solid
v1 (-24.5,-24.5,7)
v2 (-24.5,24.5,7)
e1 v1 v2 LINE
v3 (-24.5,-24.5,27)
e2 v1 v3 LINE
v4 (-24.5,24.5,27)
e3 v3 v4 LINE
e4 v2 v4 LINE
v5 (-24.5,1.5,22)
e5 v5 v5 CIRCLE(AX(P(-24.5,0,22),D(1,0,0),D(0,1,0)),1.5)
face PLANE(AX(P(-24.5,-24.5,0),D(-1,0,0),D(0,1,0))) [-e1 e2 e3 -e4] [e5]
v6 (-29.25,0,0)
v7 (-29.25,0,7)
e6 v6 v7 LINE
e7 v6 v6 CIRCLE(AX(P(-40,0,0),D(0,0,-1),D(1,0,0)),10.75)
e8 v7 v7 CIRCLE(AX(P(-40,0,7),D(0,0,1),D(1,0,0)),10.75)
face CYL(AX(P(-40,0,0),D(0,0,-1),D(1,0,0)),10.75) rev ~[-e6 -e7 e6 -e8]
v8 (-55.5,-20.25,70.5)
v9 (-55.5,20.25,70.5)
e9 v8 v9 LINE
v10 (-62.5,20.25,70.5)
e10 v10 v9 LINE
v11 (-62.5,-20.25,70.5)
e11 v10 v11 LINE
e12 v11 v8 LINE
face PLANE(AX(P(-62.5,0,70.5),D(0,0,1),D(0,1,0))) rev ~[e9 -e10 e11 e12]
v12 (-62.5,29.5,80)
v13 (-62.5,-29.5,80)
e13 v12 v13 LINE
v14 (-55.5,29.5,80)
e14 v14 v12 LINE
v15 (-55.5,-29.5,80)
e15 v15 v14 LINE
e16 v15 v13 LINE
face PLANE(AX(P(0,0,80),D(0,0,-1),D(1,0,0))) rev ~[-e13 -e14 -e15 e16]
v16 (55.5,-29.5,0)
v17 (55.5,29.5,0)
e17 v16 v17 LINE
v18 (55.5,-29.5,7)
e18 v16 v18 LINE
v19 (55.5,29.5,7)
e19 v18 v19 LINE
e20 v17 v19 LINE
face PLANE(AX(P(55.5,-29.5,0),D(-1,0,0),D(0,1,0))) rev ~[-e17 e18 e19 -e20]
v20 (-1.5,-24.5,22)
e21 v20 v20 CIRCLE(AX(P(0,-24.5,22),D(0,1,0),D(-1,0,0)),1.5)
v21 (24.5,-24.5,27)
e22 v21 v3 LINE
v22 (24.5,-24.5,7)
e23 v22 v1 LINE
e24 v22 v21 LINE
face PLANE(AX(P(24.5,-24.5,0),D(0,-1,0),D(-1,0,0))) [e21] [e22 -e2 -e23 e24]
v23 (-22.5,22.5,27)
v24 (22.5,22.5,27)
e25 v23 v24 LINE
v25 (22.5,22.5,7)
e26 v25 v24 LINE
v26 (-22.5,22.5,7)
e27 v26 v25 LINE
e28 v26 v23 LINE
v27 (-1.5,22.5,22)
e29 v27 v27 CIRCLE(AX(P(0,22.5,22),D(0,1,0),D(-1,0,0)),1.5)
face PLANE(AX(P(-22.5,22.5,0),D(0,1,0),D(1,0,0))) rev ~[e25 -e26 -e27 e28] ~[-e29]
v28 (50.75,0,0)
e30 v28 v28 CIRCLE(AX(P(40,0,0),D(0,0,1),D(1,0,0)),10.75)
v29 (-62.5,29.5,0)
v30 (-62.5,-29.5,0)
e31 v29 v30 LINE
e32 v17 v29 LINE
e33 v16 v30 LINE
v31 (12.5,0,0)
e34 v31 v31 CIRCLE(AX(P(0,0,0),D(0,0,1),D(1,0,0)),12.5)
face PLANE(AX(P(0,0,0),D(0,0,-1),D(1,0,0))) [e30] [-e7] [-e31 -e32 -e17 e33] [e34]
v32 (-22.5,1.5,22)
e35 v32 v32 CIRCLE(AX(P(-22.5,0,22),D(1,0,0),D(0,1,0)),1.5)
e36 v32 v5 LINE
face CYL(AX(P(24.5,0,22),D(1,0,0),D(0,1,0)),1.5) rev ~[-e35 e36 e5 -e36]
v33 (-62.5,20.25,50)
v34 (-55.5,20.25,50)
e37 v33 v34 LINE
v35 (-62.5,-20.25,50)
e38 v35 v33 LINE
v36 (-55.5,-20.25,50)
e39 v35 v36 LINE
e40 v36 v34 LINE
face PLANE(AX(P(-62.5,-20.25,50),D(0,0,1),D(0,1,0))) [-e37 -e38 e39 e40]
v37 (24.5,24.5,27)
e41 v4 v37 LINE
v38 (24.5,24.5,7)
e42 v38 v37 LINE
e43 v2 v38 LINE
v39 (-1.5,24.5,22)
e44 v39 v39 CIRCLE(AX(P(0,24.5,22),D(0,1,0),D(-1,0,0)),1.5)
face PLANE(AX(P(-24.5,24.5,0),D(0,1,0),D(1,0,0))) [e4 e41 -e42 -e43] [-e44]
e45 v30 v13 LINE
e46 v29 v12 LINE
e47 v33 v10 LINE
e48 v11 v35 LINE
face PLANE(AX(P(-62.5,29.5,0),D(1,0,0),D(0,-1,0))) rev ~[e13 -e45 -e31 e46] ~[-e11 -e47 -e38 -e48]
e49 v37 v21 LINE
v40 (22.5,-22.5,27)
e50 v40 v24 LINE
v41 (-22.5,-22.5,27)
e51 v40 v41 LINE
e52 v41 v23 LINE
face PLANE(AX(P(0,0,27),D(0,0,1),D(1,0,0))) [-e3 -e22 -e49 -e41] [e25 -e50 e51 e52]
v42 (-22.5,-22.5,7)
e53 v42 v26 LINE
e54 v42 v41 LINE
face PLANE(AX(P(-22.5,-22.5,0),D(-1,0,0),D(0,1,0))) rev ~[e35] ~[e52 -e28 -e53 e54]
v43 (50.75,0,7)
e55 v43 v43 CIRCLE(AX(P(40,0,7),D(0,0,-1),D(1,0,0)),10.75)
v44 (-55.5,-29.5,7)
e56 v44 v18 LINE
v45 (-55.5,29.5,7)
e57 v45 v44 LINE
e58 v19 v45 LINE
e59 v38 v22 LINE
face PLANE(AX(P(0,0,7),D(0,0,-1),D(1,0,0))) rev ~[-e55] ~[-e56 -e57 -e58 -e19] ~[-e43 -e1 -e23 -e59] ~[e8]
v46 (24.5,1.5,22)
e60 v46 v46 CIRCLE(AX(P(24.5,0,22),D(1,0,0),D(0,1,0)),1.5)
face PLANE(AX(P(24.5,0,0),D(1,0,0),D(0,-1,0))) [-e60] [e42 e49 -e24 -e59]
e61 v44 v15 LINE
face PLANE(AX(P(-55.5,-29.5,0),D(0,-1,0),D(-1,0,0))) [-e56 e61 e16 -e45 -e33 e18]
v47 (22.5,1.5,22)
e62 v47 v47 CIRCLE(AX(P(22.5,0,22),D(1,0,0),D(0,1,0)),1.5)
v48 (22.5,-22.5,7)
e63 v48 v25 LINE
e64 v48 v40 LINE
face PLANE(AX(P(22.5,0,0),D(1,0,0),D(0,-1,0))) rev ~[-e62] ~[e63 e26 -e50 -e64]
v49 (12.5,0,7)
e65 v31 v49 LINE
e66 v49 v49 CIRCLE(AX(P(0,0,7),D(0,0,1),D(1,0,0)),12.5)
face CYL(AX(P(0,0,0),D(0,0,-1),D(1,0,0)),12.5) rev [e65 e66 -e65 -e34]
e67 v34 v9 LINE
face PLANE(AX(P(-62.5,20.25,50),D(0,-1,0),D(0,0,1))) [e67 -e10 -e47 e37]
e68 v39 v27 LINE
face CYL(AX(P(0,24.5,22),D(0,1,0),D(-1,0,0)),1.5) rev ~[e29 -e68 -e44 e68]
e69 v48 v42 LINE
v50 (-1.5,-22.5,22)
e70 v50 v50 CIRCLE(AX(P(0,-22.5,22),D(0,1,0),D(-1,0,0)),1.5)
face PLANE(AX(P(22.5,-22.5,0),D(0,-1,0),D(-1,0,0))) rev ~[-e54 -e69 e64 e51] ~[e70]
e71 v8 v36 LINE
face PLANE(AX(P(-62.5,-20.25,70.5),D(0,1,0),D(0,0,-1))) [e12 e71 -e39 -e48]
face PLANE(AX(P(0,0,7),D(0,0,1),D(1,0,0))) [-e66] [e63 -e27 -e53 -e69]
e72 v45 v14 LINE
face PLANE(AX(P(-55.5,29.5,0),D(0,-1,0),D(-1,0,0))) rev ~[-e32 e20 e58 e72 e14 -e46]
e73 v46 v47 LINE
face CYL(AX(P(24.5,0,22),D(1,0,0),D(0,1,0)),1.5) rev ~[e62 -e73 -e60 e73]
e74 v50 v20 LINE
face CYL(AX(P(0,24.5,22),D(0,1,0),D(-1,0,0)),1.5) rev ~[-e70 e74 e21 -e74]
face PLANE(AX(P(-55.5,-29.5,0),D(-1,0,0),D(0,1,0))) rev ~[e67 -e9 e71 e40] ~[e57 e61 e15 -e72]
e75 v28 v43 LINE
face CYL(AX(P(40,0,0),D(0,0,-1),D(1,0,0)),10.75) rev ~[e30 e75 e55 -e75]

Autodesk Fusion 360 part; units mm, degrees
sketch "Sketch1" plane through (0, 0, 0) normal (0, 0, 1) x (1, 0, 0)
  line L0 (0, 0) -> (22.5, 0)
  line L1 (22.5, 0) -> (22.5, -22.5)
  line L2 (22.5, -22.5) -> (-22.5, -22.5)
  line L3 (-22.5, -22.5) -> (-22.5, 22.5)
  line L4 (-22.5, 22.5) -> (22.5, 22.5)
  line L5 (22.5, 22.5) -> (22.5, 0)
  circle A0 centre (0, 0) radius 12.5
  line L6 (24.5, 0) -> (24.5, -24.5)
  line L7 (24.5, -24.5) -> (-24.5, -24.5)
  line L8 (-24.5, -24.5) -> (-24.5, 24.5)
  line L9 (-24.5, 24.5) -> (24.5, 24.5)
  line L10 (24.5, 24.5) -> (24.5, 0)
  dimension "d1" = 22.5
  dimension "d2" = 22.5
  dimension "d3" = 45
  dimension "d4" = 45
  dimension "d5" = 25
  dimension "d6" = -2
extrude "Extrude1" add sketch "Sketch1" along normal blind 7 contours L1 L2 L3 L4 L5
extrude "Extrude2" add sketch "Sketch1" along normal blind 27 contours L6 L7 L8 L9 L10
sketch "Sketch2" plane through (0, 0, 0) normal (0, 0, -1) x (1, 0, 0)
  line L0 (-24.5, -24.5) -> (24.5, -24.5)
  line L1 (24.5, -24.5) -> (24.5, 24.5)
  line L2 (24.5, 24.5) -> (-24.5, 24.5)
  line L3 (-24.5, 24.5) -> (-24.5, -24.5)
  circle A0 centre (0, 0) radius 12.5
  line L4 (0, 0) -> (-29.5, 0)
  line L5 (-29.5, 0) -> (-29.5, 29.5)
  line L6 (-29.5, 29.5) -> (29.5, 29.5)
  line L7 (29.5, 29.5) -> (29.5, -29.5)
  line L8 (29.5, -29.5) -> (-29.5, -29.5)
  line L9 (-29.5, -29.5) -> (-29.5, 0)
  line L10 (-29.5, 0) -> (-40, 0)
  line L11 (29.5, 0) -> (40, 0)
  circle A1 centre (-40, 0) radius 10.75
  circle A2 centre (40, 0) radius 10.75
  line L12 (55.5, 29.5) -> (55.5, -29.5)
  line L13 (-55.5, -29.5) -> (-55.5, 0)
  line L14 (-55.5, 0) -> (-55.5, 29.5)
  line L15 (-29.5, -29.5) -> (-55.5, -29.5)
  line L16 (-55.5, 29.5) -> (-29.5, 29.5)
  line L17 (29.5, 29.5) -> (55.5, 29.5)
  line L18 (55.5, -29.5) -> (29.5, -29.5)
  dimension "d11" = 29.5
  dimension "d12" = 29.5
  dimension "d13" = 59
  dimension "d14" = 59
  dimension "d15" = 59
  dimension "d16" = 10.5
  dimension "d17" = 10.5
  dimension "d18" = 21.5
  dimension "d19" = 21.5
  dimension "d20" = -26
  dimension "d21" = -26
extrude "Extrude3" add sketch "Sketch2" against normal blind 7 contours L5 L6 L7 L8 L9 A1 A2 | L5 L9 A1 L13 L14 L15 L16 | L7 A2 L12 L17 L18
sketch "Sketch3" plane through (0, 0, 0) normal (0, 0, -1) x (1, 0, 0)
  line L0 (55.5, -29.5) -> (55.5, 29.5)
  line L1 (55.5, 29.5) -> (-55.5, 29.5)
  line L2 (-55.5, 29.5) -> (-55.5, -29.5)
  line L3 (-55.5, -29.5) -> (55.5, -29.5)
  circle A0 centre (40, 0) radius 10.75
  circle A1 centre (-40, 0) radius 10.75
  circle A2 centre (0, 0) radius 12.5
  line L4 (-55.5, -29.5) -> (-62.5, -29.5)
  line L5 (-55.5, 29.5) -> (-62.5, 29.5)
  line L6 (-62.5, -29.5) -> (-62.5, 29.5)
  dimension "d24" = 7
  dimension "d25" = 7
extrude "Extrude4" add sketch "Sketch3" against normal blind 80 contours L2 L4 L5 L6
sketch "Sketch4" plane through (-62.5, 0, 0) normal (-1, 0, 0) x (0, -1, 0)
  line L0 (-29.5, 0) -> (29.5, 0)
  line L1 (29.5, 0) -> (29.5, 80)
  line L2 (29.5, 80) -> (-29.5, 80)
  line L3 (-29.5, 80) -> (-29.5, 0)
  line L4 (29.5, 70.5) -> (-29.5, 70.5)
  line L5 (0, 70.5) -> (20.25, 70.5)
  line L6 (20.25, 70.5) -> (20.25, 50)
  line L7 (20.25, 50) -> (-20.25, 50)
  line L8 (-20.25, 50) -> (-20.25, 70.5)
  line L9 (-20.25, 70.5) -> (20.25, 70.5)
  line L10 (22.25, 72.5) -> (22.25, 48)
  line L11 (22.25, 48) -> (-22.25, 48)
  line L12 (-22.25, 48) -> (-22.25, 72.5)
  line L13 (-22.25, 72.5) -> (22.25, 72.5)
  dimension "d28" = -9.5
  dimension "d29" = 20.25
  dimension "d30" = 20.5
  dimension "d31" = 40.5
  dimension "d32" = -2
extrude "Extrude5" cut sketch "Sketch4" against normal blind 7 contours L4 L5 L6 L7 L8 L9
sketch "Sketch5" plane through (24.5, 0, 0) normal (1, 0, 0) x (0, 1, 0)
  line L0 (-24.5, 7) -> (24.5, 7)
  line L1 (24.5, 7) -> (24.5, 27)
  line L2 (24.5, 27) -> (-24.5, 27)
  line L3 (-24.5, 27) -> (-24.5, 7)
  circle A0 centre (0, 22) radius 1.5
  dimension "d35" = 3
  dimension "d36" = 24.5
  dimension "d37" = 15
sketch "Sketch6" plane through (0, 24.5, 0) normal (0, 1, 0) x (-1, 0, 0)
  line L0 (-24.5, 7) -> (24.5, 7)
  line L1 (24.5, 7) -> (24.5, 27)
  line L2 (24.5, 27) -> (-24.5, 27)
  line L3 (-24.5, 27) -> (-24.5, 7)
  circle A0 centre (0, 22) radius 1.5
  dimension "d38" = 3
  dimension "d39" = 24.5
  dimension "d40" = 15
extrude "Extrude6" cut sketch "Sketch5" against normal blind 55 contours A0
extrude "Extrude7" cut sketch "Sketch6" against normal blind 55 contours A0
